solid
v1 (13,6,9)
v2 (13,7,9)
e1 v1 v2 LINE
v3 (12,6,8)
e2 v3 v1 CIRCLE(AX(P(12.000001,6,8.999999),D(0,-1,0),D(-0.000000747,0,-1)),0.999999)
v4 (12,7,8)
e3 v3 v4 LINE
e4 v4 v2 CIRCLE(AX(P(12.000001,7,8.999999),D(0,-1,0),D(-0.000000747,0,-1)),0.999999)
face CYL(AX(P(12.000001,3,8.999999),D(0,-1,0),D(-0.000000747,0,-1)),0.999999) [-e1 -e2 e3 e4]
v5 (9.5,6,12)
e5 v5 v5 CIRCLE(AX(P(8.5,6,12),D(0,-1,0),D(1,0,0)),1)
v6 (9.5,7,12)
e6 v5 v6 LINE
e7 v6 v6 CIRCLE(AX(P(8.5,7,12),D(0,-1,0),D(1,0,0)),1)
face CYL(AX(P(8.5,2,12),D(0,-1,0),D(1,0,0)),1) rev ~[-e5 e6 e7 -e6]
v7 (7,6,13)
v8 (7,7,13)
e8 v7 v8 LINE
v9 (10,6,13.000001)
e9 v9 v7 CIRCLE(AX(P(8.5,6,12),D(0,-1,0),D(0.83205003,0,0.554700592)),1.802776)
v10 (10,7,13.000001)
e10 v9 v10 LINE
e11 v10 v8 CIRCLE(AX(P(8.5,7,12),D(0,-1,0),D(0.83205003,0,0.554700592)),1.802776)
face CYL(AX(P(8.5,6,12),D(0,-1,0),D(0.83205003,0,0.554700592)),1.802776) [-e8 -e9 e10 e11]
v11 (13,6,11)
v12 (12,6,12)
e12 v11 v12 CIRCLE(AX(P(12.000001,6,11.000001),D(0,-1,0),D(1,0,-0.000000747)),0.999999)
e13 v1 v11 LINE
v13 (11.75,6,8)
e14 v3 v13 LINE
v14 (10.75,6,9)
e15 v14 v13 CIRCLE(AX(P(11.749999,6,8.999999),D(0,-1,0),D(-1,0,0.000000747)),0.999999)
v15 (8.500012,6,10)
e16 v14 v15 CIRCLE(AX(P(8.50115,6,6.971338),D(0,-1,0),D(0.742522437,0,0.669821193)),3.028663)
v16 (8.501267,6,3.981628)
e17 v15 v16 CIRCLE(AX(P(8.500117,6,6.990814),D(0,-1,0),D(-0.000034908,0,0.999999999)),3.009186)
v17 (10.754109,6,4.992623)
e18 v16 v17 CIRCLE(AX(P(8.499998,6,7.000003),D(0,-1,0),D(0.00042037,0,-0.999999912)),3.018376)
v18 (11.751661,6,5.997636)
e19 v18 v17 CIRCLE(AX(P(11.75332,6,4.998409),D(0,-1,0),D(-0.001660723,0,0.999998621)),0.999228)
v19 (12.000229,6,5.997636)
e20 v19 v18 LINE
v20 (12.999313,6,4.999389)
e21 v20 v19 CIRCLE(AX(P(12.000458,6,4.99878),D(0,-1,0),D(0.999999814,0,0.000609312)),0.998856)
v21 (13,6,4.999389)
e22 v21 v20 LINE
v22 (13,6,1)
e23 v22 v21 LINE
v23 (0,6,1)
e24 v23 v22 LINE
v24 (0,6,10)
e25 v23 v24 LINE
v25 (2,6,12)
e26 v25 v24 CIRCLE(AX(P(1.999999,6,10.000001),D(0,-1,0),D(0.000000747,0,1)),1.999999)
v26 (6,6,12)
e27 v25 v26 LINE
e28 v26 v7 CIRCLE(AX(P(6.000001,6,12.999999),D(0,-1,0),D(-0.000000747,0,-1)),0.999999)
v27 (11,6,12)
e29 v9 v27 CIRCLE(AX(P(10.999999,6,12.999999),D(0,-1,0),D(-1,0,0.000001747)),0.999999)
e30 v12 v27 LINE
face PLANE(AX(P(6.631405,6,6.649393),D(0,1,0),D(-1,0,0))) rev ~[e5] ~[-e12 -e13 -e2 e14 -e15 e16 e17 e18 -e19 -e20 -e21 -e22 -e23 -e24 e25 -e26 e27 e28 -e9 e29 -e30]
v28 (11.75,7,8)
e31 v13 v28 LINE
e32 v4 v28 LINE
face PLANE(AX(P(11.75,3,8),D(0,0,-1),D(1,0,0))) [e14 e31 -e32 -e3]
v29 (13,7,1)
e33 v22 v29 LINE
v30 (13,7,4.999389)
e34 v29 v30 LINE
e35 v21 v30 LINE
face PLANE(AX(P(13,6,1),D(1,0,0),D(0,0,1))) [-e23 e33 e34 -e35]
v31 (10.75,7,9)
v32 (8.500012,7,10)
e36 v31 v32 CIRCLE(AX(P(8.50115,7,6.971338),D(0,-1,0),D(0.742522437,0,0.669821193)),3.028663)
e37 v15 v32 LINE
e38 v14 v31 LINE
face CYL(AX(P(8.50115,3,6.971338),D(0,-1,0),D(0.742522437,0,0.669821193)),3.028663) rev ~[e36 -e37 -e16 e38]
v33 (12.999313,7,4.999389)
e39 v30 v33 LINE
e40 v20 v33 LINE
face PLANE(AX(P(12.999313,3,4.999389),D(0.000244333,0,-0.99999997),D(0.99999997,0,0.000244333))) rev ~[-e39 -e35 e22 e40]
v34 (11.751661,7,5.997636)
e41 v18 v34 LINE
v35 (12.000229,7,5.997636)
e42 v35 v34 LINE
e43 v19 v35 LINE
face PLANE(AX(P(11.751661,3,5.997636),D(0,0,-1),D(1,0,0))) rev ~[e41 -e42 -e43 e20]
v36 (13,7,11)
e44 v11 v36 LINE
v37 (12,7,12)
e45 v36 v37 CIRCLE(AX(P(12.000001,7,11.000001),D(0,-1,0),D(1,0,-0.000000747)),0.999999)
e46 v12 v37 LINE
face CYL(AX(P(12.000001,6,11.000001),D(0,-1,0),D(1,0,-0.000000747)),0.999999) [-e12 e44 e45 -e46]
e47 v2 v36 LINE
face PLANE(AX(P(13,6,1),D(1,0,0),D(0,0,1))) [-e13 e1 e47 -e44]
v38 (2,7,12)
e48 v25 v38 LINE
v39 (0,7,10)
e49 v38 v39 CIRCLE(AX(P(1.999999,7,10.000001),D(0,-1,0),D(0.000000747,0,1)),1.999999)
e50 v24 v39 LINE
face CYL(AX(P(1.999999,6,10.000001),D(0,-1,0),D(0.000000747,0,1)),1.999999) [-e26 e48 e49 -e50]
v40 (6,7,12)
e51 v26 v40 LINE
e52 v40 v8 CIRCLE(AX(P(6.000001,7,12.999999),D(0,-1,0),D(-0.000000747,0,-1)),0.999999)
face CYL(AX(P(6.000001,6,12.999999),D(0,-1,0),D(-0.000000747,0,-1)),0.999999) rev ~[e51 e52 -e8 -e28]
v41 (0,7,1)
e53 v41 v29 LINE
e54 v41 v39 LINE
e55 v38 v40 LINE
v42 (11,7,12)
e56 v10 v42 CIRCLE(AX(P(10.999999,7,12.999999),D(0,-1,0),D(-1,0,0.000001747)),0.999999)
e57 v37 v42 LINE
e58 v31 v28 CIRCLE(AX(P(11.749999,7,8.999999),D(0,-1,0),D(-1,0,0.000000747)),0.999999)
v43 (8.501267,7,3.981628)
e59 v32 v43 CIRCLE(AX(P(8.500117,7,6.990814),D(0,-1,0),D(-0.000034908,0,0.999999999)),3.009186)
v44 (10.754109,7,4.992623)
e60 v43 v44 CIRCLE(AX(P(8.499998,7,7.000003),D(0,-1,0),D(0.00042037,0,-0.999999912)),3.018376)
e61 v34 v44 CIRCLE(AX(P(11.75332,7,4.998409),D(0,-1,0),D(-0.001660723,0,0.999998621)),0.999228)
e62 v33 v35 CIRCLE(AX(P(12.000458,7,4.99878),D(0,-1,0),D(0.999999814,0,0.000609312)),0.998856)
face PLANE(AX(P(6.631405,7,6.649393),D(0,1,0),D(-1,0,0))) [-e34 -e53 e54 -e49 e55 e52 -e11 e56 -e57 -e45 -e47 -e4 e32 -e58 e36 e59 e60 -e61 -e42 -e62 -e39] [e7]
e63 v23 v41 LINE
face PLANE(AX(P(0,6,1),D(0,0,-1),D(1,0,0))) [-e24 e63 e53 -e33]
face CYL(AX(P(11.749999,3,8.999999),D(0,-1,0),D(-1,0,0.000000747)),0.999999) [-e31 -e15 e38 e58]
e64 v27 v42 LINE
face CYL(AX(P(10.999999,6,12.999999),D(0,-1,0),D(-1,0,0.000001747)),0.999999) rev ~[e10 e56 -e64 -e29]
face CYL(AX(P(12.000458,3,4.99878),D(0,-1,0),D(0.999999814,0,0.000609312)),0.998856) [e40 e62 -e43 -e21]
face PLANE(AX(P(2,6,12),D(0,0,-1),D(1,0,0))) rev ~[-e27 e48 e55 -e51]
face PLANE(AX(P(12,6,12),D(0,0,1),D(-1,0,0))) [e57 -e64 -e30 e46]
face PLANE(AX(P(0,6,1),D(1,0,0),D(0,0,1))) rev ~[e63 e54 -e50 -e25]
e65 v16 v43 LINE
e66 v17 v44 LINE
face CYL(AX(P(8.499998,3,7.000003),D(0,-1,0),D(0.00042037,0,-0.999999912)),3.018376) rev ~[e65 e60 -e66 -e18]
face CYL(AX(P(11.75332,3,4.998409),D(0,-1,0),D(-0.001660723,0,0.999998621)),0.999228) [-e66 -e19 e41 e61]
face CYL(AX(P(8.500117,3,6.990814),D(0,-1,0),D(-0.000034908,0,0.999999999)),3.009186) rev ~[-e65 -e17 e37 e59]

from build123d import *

# Parameters (mm, degrees)
EXTRUDE070_DEPTH                     = 5
EXTRUDE070_ONTO_SKETCH267_ROLL_ANGLE = 90
SKETCH268_AS_DRAWN_R                 = 1
EXTRUDE069_DEPTH                     = 10
EXTRUDE069_ONTO_SKETCH268_ROLL_ANGLE = 90
EXTRUDE071_DEPTH                     = 1
EXTRUDE071_ONTO_SKETCH266_ROLL_ANGLE = 90


with BuildPart() as extrude070:
    # Sketch267 as drawn → Extrude070 (new)
    with BuildSketch(Plane.XY):
        with BuildLine():
            ThreePointArc((8.500012, 10), (5.490931, 6.990186), (8.501267, 3.981628))
            ThreePointArc((8.501267, 3.981628), (9.735803, 4.24621), (10.754109, 4.992623))
            ThreePointArc((11.751661, 5.997636), (11.044132, 5.702333), (10.754109, 4.992623))
            Line((11.751661, 5.997636), (12.000229, 5.997636))
            ThreePointArc((12.999313, 4.999389), (12.706459, 5.705374), (12.000229, 5.997636))
            Line((12.999313, 4.999389), (15.5, 5))
            Line((15.5, 5), (15.5, 9))
            Line((13, 9), (15.5, 9))
            ThreePointArc((12, 8), (12.707107, 8.292893), (13, 9))
            Line((11.75, 8), (12, 8))
            ThreePointArc((10.75, 9), (11.042893, 8.292893), (11.75, 8))
            ThreePointArc((10.75, 9), (9.731212, 9.738962), (8.500012, 10))
        make_face()
    extrude(amount=-EXTRUDE070_DEPTH)


with BuildPart() as extrude070_1:
    # Extrude070 onto Sketch267 roll: moved
    add(extrude070.part.rotate(Axis((0, 0, 0), (1, 0, 0)), EXTRUDE070_ONTO_SKETCH267_ROLL_ANGLE))


with BuildPart() as extrude070_2:
    # Extrude070 onto Sketch267 placement: moved
    add(extrude070_1.part.moved(Location((0, 3, 0))))


with BuildPart() as extrude069:
    # Sketch268 as drawn → Extrude069 (new)
    with BuildSketch(Plane.XY):
        with Locations((8.5, 12)):
            Circle(SKETCH268_AS_DRAWN_R)
    extrude(amount=-EXTRUDE069_DEPTH)


with BuildPart() as extrude069_1:
    # Extrude069 onto Sketch268 roll: moved
    add(extrude069.part.rotate(Axis((0, 0, 0), (1, 0, 0)), EXTRUDE069_ONTO_SKETCH268_ROLL_ANGLE))


with BuildPart() as extrude069_2:
    # Extrude069 onto Sketch268 placement: moved
    add(extrude069_1.part.moved(Location((0, 4, 0))))


with BuildPart() as extrude069_3:
    # Extrude069 placement: moved
    add(extrude069_2.part.moved(Location((0, -2, 0))))


with BuildPart() as cut042:
    # Sketch266 as drawn → Extrude071 (new)
    with BuildSketch(Plane.XY):
        with BuildLine():
            Line((0, 1), (0, 10))
            ThreePointArc((2, 12), (0.585786, 11.414214), (0, 10))
            Line((2, 12), (6, 12))
            ThreePointArc((6, 12), (6.707107, 12.292893), (7, 13))
            ThreePointArc((10, 13.000001), (8.5, 13.802776), (7, 13))
            ThreePointArc((10, 13.000001), (10.292893, 12.292893), (11, 12))
            Line((12, 12), (11, 12))
            ThreePointArc((13, 11), (12.707107, 11.707107), (12, 12))
            Line((13, 1), (13, 11))
            Line((0, 1), (13, 1))
        make_face()
    extrude(amount=-EXTRUDE071_DEPTH)


with BuildPart() as cut042_1:
    # Extrude071 onto Sketch266 roll: moved
    add(cut042.part.rotate(Axis((0, 0, 0), (1, 0, 0)), EXTRUDE071_ONTO_SKETCH266_ROLL_ANGLE))


with BuildPart() as cut042_2:
    # Extrude071 onto Sketch266 placement: moved
    add(cut042_1.part.moved(Location((0, 6, 0))))

    # Cut041: cut Extrude069
    add(extrude069_3.part, mode=Mode.SUBTRACT)

    # Cut042: cut Extrude070
    add(extrude070_2.part, mode=Mode.SUBTRACT)


solid = cut042_2.part
